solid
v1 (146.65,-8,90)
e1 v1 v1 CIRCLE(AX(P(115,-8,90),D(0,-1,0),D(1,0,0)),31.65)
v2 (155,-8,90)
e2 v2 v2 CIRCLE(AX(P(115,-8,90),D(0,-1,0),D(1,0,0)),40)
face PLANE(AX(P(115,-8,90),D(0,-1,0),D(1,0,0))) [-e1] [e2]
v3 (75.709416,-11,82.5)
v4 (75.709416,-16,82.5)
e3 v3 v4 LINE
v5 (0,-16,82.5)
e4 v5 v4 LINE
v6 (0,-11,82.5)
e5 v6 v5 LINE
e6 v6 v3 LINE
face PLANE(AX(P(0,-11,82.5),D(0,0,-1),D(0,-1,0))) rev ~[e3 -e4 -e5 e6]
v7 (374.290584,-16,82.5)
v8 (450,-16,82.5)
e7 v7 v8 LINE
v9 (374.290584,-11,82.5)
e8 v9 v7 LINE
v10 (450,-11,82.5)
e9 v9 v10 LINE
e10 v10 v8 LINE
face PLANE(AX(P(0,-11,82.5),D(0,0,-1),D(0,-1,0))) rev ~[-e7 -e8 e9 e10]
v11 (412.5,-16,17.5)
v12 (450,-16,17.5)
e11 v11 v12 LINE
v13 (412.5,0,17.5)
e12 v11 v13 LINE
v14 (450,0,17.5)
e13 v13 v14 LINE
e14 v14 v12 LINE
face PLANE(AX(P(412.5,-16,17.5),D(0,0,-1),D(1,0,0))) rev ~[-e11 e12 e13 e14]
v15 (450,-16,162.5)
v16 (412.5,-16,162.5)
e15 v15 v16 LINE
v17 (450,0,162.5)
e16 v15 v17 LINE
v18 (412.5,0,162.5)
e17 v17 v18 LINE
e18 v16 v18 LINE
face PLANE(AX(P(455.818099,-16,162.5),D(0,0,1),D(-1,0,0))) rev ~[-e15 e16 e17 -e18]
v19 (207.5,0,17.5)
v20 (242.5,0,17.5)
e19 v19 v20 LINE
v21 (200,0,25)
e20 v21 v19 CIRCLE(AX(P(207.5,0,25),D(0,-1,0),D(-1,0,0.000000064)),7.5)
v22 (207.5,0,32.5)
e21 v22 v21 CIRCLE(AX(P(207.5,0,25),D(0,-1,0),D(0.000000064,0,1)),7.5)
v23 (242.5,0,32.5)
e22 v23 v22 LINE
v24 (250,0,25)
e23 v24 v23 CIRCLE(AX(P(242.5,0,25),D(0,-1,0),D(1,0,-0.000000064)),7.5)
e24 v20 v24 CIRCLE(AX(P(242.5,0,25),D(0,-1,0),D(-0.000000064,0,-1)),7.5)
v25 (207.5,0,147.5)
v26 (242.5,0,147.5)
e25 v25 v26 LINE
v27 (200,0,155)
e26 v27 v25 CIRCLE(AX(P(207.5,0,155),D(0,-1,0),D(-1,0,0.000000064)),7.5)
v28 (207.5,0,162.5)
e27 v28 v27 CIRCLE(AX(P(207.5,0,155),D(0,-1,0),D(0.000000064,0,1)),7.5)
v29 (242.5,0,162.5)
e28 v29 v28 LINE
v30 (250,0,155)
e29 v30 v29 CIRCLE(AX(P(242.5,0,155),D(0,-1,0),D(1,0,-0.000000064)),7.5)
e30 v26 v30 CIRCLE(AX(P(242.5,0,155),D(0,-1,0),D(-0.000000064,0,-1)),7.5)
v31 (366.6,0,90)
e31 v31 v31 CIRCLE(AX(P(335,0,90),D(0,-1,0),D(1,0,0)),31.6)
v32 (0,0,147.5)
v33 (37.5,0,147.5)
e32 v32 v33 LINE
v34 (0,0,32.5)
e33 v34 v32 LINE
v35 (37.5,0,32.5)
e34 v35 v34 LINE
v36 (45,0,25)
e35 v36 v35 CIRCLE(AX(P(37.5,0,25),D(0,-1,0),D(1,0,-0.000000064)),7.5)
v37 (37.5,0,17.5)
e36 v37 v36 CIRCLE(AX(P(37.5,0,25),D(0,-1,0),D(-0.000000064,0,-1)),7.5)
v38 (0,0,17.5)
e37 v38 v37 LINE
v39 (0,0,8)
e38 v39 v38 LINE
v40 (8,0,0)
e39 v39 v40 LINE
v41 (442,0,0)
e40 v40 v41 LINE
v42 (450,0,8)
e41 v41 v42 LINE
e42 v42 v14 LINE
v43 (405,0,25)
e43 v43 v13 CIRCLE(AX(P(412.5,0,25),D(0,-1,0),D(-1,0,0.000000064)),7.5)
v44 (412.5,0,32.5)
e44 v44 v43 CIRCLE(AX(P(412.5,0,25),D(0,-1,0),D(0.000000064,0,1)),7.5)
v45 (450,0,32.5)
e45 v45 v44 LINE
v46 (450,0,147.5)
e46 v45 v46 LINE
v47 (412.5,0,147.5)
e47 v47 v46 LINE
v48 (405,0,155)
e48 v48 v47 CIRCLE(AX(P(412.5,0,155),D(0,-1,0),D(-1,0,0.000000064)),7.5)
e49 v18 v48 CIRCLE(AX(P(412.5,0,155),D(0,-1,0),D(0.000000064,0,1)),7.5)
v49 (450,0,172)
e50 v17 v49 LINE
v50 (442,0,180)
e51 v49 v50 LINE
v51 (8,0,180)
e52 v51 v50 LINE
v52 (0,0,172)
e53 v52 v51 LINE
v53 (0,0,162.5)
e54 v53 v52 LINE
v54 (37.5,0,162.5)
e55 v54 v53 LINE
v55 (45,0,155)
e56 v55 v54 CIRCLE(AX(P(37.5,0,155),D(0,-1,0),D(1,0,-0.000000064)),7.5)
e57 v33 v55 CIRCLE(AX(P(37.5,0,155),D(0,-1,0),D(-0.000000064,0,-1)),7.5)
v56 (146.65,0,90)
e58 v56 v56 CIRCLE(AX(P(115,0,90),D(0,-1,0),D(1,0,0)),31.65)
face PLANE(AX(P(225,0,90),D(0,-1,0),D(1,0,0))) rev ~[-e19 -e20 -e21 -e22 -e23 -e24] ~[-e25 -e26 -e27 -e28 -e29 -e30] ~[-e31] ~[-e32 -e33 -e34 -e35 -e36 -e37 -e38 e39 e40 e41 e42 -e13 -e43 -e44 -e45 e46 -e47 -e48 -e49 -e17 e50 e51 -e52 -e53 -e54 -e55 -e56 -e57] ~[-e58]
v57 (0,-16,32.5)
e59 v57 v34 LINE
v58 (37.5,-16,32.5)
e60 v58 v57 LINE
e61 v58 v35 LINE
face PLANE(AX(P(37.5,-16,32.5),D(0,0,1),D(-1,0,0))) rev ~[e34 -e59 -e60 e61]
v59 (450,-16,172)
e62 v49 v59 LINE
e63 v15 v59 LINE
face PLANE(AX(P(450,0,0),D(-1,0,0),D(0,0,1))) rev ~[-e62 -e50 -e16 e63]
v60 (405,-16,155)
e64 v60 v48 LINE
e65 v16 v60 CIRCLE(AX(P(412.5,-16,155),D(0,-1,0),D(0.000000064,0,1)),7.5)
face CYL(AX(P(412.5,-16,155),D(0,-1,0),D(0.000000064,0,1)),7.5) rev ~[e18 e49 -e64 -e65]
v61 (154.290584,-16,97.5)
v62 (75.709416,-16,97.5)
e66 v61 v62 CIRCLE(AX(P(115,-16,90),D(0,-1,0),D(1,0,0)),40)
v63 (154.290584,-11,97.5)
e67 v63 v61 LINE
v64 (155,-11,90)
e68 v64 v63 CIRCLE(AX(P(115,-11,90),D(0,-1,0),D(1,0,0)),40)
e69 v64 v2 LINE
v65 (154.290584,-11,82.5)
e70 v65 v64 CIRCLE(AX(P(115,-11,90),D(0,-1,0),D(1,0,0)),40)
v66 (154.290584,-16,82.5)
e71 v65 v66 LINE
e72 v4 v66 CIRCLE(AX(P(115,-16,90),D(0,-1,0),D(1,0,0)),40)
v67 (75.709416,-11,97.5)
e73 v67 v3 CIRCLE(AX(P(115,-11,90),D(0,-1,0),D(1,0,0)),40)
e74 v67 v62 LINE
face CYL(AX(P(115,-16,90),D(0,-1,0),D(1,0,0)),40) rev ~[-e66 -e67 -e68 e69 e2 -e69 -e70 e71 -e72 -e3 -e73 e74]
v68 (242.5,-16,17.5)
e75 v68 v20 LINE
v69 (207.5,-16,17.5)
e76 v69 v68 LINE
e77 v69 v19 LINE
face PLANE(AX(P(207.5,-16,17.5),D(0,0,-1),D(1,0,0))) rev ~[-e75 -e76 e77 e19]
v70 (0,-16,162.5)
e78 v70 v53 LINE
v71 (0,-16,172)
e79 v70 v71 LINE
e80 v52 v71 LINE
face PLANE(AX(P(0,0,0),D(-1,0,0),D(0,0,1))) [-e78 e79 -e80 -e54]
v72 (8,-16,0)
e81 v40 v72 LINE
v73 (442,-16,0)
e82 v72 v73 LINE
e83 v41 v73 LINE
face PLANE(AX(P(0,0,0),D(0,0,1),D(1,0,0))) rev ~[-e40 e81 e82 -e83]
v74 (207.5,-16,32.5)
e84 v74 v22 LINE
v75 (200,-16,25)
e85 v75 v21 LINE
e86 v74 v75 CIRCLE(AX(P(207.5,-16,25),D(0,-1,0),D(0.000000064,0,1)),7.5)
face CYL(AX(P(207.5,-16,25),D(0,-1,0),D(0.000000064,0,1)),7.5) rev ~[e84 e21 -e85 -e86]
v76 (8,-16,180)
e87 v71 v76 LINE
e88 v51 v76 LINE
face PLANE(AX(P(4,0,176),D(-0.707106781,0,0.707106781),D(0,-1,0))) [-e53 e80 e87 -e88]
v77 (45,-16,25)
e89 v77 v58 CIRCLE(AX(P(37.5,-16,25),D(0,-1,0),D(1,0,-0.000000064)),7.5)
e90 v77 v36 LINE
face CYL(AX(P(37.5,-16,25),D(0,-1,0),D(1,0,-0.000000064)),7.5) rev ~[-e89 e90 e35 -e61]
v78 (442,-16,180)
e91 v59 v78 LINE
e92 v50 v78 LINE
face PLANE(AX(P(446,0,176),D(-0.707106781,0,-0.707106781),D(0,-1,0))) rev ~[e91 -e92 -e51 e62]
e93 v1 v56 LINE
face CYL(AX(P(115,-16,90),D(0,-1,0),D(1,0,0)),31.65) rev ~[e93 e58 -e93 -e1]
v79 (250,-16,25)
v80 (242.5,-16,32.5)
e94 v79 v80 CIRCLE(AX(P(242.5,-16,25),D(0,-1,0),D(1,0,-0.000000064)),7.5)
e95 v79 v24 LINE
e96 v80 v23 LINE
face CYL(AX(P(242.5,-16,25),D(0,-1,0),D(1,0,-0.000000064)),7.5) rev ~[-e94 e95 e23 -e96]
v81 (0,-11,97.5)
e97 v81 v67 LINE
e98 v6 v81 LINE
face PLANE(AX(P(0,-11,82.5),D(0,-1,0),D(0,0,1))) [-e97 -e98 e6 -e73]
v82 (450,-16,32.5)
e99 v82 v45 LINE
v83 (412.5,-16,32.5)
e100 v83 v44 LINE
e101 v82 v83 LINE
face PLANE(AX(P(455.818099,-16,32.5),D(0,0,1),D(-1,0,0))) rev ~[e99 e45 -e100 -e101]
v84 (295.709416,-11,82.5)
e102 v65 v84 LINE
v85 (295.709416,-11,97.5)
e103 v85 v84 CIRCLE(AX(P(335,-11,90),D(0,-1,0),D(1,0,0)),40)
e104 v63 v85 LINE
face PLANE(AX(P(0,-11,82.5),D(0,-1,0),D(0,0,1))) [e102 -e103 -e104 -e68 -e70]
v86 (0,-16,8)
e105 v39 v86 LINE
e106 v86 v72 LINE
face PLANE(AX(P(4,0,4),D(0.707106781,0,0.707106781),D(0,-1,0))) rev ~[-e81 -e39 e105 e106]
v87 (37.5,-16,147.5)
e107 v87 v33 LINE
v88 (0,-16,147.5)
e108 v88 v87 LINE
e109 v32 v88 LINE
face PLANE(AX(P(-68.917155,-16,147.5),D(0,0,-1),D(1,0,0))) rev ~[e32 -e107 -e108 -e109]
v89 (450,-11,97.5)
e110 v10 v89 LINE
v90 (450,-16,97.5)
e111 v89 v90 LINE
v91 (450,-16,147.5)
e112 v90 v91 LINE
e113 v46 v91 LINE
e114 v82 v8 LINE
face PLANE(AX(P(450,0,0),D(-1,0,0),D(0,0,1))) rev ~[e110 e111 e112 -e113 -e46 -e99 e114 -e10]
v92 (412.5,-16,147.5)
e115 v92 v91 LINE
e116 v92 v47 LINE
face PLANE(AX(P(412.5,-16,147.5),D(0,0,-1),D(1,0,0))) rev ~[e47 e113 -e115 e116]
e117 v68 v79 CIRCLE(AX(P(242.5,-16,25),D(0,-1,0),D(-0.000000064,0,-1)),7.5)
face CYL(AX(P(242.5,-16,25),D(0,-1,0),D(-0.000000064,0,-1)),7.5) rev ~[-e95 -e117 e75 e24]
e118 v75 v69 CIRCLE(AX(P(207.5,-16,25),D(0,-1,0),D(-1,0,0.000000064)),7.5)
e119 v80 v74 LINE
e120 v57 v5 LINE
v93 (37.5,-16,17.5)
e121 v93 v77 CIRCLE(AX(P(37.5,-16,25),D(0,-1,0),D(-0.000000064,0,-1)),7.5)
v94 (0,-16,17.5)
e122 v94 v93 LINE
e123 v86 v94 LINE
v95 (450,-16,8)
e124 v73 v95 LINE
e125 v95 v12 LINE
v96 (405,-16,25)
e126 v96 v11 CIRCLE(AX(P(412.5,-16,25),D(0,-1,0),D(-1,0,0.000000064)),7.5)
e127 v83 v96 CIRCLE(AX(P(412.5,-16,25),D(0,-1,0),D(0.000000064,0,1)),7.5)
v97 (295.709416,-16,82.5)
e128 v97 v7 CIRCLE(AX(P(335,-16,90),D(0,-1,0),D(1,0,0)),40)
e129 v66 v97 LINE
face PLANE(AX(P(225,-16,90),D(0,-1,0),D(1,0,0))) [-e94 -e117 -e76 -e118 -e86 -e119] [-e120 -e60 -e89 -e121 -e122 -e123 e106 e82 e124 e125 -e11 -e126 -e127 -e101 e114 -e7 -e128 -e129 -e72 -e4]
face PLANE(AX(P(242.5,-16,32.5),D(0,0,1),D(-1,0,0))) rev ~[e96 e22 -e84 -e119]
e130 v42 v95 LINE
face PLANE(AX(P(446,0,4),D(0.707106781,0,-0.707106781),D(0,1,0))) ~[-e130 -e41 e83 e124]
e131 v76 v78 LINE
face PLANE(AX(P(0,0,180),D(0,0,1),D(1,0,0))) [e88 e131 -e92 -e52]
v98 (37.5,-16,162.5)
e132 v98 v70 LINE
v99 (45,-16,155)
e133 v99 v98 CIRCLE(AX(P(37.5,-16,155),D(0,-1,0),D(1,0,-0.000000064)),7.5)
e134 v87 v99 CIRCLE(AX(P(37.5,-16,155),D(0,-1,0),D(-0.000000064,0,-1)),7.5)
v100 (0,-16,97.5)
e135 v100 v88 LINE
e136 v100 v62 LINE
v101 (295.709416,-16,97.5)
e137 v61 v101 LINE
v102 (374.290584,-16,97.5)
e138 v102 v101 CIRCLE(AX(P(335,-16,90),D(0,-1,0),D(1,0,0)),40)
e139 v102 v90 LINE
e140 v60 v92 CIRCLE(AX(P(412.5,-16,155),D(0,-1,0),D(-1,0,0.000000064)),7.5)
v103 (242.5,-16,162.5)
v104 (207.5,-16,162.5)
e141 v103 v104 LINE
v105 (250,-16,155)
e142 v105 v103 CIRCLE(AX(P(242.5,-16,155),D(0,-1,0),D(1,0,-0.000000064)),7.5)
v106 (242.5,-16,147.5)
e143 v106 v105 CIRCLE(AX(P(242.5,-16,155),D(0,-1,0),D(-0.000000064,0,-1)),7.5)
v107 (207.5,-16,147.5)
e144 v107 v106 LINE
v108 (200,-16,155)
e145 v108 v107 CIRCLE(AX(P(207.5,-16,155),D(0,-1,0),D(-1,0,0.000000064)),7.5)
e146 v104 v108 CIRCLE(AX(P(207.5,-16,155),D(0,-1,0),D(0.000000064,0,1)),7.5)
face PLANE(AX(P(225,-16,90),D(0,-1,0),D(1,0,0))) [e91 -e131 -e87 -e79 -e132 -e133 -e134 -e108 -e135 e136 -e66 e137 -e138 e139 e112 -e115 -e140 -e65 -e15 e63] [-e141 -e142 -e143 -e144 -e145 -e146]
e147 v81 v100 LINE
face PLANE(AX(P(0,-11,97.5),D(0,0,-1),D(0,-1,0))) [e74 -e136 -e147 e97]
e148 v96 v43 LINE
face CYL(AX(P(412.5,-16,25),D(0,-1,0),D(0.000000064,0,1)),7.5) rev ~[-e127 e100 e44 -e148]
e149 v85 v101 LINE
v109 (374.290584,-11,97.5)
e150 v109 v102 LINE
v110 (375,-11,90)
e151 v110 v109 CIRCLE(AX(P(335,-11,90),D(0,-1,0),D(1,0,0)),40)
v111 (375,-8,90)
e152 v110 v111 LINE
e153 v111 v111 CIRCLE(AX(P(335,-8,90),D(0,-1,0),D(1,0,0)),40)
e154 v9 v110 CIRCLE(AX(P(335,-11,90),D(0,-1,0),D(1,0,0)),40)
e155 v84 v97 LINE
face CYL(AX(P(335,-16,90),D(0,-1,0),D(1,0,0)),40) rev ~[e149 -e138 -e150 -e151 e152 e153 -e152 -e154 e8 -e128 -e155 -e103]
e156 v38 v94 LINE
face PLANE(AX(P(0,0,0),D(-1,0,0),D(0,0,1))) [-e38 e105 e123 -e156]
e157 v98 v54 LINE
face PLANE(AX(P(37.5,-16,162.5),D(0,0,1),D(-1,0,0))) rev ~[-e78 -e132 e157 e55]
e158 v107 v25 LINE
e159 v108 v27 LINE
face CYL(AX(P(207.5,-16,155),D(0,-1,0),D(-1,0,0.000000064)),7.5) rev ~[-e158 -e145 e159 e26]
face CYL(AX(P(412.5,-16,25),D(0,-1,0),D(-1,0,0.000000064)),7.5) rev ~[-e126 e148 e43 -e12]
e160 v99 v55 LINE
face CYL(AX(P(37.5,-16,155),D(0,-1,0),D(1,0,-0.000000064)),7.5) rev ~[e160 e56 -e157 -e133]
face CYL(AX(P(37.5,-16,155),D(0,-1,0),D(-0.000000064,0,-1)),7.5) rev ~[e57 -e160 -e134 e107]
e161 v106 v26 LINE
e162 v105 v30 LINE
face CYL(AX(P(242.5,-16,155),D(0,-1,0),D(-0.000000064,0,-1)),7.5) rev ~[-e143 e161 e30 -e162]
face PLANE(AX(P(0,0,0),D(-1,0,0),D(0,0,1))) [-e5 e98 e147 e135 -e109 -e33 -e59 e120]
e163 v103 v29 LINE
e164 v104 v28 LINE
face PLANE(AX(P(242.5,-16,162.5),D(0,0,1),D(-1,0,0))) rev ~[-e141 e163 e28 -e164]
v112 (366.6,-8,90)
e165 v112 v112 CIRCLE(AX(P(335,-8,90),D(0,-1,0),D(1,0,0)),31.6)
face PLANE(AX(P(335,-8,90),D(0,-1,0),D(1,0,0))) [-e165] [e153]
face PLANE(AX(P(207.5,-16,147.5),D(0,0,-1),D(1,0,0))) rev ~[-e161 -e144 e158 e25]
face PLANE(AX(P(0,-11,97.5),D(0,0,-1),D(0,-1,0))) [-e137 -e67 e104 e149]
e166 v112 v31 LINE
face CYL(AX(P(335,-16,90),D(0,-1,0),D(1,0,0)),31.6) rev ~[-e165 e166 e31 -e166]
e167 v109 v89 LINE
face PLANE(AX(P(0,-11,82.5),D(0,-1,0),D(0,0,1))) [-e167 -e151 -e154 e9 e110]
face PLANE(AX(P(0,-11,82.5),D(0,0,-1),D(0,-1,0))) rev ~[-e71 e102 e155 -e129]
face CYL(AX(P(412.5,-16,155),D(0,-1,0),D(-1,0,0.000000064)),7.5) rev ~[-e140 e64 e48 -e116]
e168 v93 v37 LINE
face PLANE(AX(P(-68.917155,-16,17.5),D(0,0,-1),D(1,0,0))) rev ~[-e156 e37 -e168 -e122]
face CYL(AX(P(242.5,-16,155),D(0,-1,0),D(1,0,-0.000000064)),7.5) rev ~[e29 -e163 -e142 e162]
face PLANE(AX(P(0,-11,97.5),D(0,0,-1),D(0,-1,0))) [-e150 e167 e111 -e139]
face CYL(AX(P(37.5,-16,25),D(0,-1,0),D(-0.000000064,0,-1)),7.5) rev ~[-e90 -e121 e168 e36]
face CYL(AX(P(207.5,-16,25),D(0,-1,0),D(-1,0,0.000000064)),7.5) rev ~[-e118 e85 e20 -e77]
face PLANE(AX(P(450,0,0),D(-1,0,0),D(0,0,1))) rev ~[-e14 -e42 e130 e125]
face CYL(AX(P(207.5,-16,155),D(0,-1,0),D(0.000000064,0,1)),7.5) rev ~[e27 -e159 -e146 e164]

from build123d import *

# Parameters (mm, degrees)
F0_W      = 450
F0_H      = 180
F1_DEPTH  = 16
F2_SIZE   = 8
F3_R      = 31.6
F3_R_2    = 31.65
F4_DEPTH  = 16.001
F6_DEPTH  = 16.001
F7_R      = 40
F7_R_2    = 31.65
F8_DEPTH  = 8
F9_R      = 40
F10_DEPTH = 8
F11_W     = 10
F11_H     = 15
F12_DEPTH = 450.001


with BuildPart() as f1:
    # F0 (on Front) → F1 (new body)
    with BuildSketch(Plane.XZ):
        with Locations((225, 90)):
            Rectangle(F0_W, F0_H)
    extrude(amount=F1_DEPTH)

    # F2
    f2_edges = [f1.edges().sort_by_distance(p)[0] for p in [
        (450, -8, 180),
        (450, -8, 0),
        (0, -8, 180),
        (0, -8, 0),
    ]]
    chamfer(f2_edges, length=F2_SIZE)

    # F3 (on face) → F4 (cut, through all)
    with BuildSketch(Plane.XZ.offset(16)):
        with Locations((335, 90)):
            Circle(F3_R)
        with Locations((115, 90)):
            Circle(F3_R_2)
    extrude(amount=-F4_DEPTH, mode=Mode.SUBTRACT)

    # F5 (on face) → F6 (cut, through all)
    with BuildSketch(Plane.XZ.offset(16)):
        with BuildLine():
            Line((207.5, 147.5), (242.5, 147.5))
            ThreePointArc((242.5, 147.5), (247.803301, 149.696699), (250, 155))
            ThreePointArc((250, 155), (247.803301, 160.303301), (242.5, 162.5))
            Line((242.5, 162.5), (207.5, 162.5))
            ThreePointArc((207.5, 162.5), (202.196699, 160.303301), (200, 155))
            ThreePointArc((200, 155), (202.196699, 149.696699), (207.5, 147.5))
        make_face()
        with BuildLine():
            Line((-68.917155, 147.5), (37.5, 147.5))
            ThreePointArc((37.5, 147.5), (42.803301, 149.696699), (45, 155))
            ThreePointArc((45, 155), (42.803301, 160.303301), (37.5, 162.5))
            Line((37.5, 162.5), (-68.917155, 162.5))
            Line((-68.917155, 162.5), (-68.917155, 147.5))
        make_face()
        with BuildLine():
            Line((455.818099, 147.5), (455.818099, 162.5))
            Line((455.818099, 162.5), (412.5, 162.5))
            ThreePointArc((412.5, 162.5), (407.196699, 160.303301), (405, 155))
            ThreePointArc((405, 155), (407.196699, 149.696699), (412.5, 147.5))
            Line((412.5, 147.5), (455.818099, 147.5))
        make_face()
        with BuildLine():
            ThreePointArc((207.5, 32.5), (202.196699, 30.303301), (200, 25))
            ThreePointArc((200, 25), (202.196699, 19.696699), (207.5, 17.5))
            Line((207.5, 17.5), (242.5, 17.5))
            ThreePointArc((242.5, 17.5), (247.803301, 19.696699), (250, 25))
            ThreePointArc((250, 25), (247.803301, 30.303301), (242.5, 32.5))
            Line((242.5, 32.5), (207.5, 32.5))
        make_face()
        with BuildLine():
            ThreePointArc((412.5, 32.5), (407.196699, 30.303301), (405, 25))
            ThreePointArc((405, 25), (407.196699, 19.696699), (412.5, 17.5))
            Line((412.5, 17.5), (455.818099, 17.5))
            Line((455.818099, 17.5), (455.818099, 32.5))
            Line((455.818099, 32.5), (412.5, 32.5))
        make_face()
        with BuildLine():
            ThreePointArc((37.5, 17.5), (42.803301, 19.696699), (45, 25))
            ThreePointArc((45, 25), (42.803301, 30.303301), (37.5, 32.5))
            Line((37.5, 32.5), (-68.917155, 32.5))
            Line((-68.917155, 32.5), (-68.917155, 17.5))
            Line((-68.917155, 17.5), (37.5, 17.5))
        make_face()
    extrude(amount=-F6_DEPTH, mode=Mode.SUBTRACT)

    # F7 (on face) → F8 (cut)
    with BuildSketch(Plane.XZ.offset(16)):
        with Locations((115, 90)):
            Circle(F7_R)
        with Locations((115, 90)):
            Circle(F7_R_2, mode=Mode.SUBTRACT)
    extrude(amount=-F8_DEPTH, mode=Mode.SUBTRACT)

    # F9 (on face) → F10 (cut)
    with BuildSketch(Plane.XZ.offset(16)):
        with Locations((335, 90)):
            Circle(F9_R)
    extrude(amount=-F10_DEPTH, mode=Mode.SUBTRACT)

    # F11 (on face) → F12 (cut, through all)
    with BuildSketch(Plane(origin=(0, 0, 0), x_dir=(0, -1, 0), z_dir=(-1, 0, 0))):
        with Locations((16, 90)):
            Rectangle(F11_W, F11_H)
    extrude(amount=-F12_DEPTH, mode=Mode.SUBTRACT)


solid = f1.part
